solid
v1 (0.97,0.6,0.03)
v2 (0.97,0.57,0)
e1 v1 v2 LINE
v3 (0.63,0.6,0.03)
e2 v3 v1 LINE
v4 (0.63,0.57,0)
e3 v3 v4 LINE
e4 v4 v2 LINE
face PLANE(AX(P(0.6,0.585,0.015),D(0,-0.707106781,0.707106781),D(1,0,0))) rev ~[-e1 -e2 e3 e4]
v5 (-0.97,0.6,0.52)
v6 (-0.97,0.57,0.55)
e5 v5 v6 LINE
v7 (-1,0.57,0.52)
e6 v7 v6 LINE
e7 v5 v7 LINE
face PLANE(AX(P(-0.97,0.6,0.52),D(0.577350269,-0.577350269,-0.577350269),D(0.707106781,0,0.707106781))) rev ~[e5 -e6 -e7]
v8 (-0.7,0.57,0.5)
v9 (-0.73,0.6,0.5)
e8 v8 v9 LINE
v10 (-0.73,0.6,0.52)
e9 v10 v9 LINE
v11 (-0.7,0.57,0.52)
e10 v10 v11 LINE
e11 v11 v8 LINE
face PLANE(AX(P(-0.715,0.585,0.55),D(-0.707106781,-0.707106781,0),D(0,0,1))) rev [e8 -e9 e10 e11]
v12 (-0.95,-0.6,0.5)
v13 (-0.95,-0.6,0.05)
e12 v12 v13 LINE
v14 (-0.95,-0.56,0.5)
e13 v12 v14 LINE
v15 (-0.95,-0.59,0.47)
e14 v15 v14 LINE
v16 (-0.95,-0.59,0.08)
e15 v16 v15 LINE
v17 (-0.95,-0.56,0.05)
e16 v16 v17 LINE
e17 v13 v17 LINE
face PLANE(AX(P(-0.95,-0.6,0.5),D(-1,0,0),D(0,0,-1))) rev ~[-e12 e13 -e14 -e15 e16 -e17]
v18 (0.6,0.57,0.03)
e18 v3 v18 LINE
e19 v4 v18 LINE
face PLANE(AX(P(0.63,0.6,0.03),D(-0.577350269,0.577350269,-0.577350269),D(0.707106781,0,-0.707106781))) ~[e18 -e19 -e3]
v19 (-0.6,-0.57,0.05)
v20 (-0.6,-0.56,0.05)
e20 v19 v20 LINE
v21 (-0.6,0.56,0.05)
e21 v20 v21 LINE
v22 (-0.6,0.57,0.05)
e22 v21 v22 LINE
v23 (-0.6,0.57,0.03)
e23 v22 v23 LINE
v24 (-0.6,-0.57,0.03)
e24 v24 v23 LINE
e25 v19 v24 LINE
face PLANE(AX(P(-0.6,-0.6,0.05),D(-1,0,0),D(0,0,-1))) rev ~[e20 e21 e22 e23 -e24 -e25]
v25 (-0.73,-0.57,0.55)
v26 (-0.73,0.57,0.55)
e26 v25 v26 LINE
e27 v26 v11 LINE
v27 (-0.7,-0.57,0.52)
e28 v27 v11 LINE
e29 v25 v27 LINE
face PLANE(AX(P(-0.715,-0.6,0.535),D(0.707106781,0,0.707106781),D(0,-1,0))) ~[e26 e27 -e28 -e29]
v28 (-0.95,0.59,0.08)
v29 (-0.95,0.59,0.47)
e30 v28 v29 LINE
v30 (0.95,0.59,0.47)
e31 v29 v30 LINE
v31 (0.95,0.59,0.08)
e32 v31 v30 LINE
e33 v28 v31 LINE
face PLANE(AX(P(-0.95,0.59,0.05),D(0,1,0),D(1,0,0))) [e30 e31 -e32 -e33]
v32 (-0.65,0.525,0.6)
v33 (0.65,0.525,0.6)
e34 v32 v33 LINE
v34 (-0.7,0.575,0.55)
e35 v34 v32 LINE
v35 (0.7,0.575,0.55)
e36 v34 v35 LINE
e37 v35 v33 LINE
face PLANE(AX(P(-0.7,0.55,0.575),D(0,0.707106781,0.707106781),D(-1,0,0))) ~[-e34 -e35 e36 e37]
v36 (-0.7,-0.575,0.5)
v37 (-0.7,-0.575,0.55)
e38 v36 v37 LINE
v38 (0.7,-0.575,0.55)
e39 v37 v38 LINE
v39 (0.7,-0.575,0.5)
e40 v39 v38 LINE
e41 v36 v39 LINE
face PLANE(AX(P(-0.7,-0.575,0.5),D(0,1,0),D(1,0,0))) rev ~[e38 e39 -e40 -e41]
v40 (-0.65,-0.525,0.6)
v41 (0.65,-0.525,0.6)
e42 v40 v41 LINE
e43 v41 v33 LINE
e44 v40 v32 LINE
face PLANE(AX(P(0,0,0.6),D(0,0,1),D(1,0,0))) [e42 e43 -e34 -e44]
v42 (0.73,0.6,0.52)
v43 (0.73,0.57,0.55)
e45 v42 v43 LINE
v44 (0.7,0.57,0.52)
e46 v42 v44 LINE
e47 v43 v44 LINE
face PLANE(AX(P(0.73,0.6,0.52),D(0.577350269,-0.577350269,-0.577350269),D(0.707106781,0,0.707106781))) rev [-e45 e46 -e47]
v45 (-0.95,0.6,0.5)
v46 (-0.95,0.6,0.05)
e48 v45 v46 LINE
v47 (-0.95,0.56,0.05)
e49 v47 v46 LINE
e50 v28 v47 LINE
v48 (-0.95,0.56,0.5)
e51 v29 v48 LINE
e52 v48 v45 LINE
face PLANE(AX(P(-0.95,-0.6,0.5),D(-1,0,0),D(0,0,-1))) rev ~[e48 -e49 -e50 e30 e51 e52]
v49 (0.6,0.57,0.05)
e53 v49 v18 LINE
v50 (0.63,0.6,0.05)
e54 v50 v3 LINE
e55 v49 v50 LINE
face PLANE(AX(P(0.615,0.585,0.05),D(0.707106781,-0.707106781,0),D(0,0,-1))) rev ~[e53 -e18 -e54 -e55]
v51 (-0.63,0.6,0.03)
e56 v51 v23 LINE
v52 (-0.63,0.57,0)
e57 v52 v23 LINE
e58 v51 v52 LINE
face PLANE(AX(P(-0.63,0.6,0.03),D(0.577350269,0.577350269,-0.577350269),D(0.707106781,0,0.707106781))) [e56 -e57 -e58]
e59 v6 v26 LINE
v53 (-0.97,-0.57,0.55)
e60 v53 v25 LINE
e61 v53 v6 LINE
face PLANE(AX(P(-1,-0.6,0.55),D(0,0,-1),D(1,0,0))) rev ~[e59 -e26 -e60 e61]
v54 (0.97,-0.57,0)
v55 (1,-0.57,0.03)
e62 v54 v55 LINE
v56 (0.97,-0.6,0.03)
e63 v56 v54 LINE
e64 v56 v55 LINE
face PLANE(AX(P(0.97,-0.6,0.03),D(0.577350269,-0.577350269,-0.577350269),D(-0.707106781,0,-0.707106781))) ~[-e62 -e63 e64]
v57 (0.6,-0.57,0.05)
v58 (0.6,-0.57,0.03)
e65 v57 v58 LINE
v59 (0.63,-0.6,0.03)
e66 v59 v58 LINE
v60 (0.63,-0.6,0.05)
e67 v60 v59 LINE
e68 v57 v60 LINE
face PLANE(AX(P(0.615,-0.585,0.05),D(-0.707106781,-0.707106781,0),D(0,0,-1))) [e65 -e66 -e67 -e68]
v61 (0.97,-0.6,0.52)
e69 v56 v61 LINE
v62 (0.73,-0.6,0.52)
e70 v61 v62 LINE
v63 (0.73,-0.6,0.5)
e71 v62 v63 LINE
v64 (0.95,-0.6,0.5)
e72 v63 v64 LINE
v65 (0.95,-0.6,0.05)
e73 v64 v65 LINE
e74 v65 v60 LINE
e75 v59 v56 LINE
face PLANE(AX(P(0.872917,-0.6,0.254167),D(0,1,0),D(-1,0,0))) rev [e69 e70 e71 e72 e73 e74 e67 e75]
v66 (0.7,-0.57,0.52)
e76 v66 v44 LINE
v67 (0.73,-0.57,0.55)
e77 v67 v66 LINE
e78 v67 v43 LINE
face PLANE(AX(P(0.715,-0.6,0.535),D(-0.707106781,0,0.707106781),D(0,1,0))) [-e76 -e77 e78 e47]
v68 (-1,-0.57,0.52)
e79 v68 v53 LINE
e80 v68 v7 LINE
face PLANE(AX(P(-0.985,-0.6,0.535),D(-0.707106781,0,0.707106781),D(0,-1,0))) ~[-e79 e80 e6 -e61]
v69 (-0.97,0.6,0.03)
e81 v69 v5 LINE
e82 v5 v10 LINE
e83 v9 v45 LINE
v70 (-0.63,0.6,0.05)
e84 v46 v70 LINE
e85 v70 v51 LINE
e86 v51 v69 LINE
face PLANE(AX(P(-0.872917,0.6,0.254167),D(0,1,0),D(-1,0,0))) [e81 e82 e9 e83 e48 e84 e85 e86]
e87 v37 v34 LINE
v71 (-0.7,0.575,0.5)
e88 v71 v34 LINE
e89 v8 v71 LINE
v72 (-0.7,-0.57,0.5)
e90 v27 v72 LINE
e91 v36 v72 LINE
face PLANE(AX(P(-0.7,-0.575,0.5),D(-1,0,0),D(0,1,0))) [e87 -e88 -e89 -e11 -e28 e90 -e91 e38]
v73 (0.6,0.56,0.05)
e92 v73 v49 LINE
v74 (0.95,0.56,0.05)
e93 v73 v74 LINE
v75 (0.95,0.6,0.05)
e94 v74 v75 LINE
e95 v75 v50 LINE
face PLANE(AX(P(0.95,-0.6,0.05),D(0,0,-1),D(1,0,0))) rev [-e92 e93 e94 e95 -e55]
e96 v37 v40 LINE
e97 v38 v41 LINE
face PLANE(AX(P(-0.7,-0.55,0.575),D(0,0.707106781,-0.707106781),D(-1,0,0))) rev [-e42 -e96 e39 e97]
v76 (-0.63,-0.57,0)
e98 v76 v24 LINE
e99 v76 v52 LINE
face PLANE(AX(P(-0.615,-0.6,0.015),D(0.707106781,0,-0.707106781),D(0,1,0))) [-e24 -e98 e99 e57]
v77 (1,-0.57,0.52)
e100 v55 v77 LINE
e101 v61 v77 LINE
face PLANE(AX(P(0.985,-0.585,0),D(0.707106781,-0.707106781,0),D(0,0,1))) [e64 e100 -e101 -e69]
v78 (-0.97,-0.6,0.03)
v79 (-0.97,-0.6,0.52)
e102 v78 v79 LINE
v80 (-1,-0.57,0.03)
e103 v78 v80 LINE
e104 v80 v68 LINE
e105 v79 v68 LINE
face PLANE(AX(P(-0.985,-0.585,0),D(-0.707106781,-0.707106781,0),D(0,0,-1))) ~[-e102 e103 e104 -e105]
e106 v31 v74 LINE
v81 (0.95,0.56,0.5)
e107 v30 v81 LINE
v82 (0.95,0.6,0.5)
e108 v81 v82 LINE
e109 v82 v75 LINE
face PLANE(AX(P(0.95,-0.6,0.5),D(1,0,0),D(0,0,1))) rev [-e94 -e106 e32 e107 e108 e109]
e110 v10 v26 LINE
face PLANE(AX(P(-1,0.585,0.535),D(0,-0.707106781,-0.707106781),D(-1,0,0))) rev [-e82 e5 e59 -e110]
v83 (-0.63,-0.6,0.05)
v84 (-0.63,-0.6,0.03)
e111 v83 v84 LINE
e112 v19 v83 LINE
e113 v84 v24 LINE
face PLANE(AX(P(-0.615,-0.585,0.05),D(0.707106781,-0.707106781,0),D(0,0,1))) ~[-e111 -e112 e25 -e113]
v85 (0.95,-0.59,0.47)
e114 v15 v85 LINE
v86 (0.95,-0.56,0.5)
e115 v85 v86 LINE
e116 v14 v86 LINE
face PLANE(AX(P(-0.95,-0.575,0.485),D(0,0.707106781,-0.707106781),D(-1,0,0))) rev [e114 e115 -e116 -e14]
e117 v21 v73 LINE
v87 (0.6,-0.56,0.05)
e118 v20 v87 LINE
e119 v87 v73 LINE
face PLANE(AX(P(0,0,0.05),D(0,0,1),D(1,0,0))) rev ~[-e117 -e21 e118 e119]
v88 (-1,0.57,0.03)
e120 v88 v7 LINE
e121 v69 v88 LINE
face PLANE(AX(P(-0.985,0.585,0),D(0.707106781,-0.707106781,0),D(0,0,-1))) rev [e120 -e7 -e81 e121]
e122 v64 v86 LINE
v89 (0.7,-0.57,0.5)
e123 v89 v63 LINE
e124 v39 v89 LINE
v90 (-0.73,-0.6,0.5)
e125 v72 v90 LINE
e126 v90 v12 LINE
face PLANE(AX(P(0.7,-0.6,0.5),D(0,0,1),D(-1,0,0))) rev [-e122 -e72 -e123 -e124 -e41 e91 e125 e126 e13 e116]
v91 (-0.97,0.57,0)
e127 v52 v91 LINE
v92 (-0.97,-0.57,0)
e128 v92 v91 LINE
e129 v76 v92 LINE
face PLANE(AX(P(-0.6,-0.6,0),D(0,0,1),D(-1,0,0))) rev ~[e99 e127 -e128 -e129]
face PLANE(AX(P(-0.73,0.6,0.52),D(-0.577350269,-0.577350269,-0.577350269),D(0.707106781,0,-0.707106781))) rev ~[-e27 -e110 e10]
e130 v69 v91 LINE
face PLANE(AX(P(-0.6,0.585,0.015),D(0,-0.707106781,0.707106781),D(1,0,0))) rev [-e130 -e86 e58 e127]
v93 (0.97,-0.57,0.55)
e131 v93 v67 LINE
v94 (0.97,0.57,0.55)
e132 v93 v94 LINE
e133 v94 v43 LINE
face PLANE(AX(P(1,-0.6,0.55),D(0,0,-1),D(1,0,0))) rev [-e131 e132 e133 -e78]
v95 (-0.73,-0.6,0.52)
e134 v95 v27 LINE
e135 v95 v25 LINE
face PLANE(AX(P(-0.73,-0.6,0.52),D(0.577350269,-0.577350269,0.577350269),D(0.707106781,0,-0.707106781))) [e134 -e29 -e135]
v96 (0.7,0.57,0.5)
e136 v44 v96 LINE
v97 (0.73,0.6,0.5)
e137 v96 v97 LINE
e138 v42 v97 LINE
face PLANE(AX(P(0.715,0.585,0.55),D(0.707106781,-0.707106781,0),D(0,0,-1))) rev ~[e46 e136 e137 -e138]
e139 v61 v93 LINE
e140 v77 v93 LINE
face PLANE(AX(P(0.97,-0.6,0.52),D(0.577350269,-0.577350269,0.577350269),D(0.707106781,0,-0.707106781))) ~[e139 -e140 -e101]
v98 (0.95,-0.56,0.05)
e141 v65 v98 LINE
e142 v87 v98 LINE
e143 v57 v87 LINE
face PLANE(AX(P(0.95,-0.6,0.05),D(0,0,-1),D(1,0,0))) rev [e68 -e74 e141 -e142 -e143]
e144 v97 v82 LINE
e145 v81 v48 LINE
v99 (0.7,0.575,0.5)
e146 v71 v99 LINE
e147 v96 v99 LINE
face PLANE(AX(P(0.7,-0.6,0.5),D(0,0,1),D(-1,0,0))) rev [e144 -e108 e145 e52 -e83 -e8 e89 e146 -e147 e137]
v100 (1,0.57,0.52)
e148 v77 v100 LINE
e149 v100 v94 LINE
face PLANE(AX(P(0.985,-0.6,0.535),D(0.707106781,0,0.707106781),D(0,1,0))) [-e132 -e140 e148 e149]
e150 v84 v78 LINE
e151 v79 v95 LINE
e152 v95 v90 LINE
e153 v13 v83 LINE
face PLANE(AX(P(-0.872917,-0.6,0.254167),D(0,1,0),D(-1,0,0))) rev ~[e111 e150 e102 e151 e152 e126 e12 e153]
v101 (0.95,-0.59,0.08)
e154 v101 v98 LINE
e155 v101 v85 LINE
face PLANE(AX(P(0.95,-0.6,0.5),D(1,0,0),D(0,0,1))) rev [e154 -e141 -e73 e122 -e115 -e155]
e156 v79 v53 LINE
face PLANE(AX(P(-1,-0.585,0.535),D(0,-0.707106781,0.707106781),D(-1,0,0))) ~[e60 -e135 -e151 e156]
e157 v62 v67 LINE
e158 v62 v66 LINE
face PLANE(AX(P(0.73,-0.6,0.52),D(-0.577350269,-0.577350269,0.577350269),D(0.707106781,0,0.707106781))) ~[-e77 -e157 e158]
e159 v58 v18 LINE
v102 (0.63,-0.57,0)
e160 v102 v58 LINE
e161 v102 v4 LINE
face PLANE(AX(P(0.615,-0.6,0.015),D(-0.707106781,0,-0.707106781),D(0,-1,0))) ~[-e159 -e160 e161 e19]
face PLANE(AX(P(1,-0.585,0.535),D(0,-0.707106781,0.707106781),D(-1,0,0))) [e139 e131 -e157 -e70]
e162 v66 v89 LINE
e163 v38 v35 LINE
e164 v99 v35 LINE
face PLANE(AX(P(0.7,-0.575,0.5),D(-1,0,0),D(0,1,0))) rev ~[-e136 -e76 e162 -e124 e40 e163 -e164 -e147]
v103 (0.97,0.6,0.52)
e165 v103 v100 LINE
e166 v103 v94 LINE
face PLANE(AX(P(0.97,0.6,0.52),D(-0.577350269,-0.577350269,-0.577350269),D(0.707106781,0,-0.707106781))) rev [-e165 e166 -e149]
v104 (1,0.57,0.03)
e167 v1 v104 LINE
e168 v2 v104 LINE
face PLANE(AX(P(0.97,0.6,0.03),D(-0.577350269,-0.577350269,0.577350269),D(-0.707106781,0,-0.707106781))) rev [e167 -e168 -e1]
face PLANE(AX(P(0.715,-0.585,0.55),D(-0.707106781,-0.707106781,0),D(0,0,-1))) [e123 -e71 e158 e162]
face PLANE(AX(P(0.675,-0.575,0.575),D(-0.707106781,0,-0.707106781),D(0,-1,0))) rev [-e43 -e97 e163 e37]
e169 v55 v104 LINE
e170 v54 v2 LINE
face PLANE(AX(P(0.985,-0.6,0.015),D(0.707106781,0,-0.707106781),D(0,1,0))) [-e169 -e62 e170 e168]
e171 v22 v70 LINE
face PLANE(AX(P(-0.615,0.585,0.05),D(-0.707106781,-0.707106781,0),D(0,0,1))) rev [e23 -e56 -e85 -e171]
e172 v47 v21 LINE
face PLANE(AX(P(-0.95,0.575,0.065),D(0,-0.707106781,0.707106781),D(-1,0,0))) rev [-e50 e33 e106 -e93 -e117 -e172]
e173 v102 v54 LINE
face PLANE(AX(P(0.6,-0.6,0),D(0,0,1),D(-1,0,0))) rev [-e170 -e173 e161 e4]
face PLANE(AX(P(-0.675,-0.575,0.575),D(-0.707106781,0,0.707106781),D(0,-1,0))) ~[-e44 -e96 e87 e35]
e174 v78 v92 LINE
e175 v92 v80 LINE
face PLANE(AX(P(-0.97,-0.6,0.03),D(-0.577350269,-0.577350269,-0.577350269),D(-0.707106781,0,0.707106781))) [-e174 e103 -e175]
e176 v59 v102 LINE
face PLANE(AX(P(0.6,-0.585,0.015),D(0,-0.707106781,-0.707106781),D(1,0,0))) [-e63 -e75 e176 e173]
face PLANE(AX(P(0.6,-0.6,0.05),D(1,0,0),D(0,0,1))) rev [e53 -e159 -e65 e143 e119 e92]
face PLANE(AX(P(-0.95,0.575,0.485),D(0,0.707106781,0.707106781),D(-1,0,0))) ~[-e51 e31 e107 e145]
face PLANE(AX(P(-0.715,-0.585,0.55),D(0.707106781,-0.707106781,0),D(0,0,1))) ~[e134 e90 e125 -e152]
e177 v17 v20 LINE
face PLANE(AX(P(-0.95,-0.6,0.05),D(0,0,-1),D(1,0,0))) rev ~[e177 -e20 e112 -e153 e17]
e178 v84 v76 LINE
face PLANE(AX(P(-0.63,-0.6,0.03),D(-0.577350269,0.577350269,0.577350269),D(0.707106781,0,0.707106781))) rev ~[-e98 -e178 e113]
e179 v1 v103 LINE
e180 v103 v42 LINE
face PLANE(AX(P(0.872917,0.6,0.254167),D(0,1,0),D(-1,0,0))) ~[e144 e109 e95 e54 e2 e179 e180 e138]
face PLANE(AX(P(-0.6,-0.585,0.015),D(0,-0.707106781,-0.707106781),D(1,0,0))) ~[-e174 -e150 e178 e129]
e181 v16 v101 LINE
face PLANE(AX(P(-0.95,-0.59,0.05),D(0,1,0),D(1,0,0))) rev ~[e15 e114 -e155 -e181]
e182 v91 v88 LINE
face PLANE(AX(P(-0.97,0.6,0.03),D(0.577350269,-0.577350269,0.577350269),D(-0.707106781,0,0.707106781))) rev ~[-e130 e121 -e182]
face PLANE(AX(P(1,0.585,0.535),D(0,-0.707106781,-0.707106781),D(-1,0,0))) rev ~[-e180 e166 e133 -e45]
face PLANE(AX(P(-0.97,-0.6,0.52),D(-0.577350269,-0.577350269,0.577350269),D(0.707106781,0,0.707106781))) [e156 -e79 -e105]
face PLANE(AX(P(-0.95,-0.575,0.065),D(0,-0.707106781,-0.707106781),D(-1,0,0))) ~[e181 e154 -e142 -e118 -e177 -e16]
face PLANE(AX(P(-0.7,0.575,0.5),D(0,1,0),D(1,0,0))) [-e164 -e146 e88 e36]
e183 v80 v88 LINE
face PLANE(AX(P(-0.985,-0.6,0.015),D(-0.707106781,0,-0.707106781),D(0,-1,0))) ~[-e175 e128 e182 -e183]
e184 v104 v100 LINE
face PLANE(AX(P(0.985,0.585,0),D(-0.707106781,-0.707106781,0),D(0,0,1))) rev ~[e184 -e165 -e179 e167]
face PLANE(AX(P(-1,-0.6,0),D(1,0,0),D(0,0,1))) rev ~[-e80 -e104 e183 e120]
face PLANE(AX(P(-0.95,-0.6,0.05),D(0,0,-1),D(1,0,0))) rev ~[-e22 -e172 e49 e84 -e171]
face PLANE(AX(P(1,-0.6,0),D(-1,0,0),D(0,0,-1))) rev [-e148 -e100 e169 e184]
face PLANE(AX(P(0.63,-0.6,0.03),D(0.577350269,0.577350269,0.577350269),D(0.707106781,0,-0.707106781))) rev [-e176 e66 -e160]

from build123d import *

# Parameters (mm, degrees)
BOX_W                          = 1.9
BOX_H                          = 1.18
BOX_DEPTH                      = 0.45
CHAMFER_SIZE                   = 0.03
EXTRUDE_DEPTH                  = 1.2
EXTRUDE_ONTO_SKETCH_ROLL_ANGLE = 90
CHAMFER001_SIZE                = 0.03
BOX001_W                       = 1.4
BOX001_H                       = 1.15
BOX001_DEPTH                   = 0.1
CHAMFER002_SIZE                = 0.05


with BuildPart() as chamferbody:
    # Box → Box (new body)
    with BuildSketch(Plane(origin=(-0.95, 0.01, 0.05), x_dir=(1, 0, 0), z_dir=(0, 0, 1))):
        with Locations((0.95, 0.59)):
            Rectangle(BOX_W, BOX_H)
    extrude(amount=BOX_DEPTH)

    # Chamfer
    chamfer_edges = [chamferbody.edges().sort_by_distance(p)[0] for p in [
        (0, 0.01, 0.05),
        (0, 0.01, 0.5),
        (0, 1.19, 0.05),
        (0, 1.19, 0.5),
    ]]
    chamfer(chamfer_edges, length=CHAMFER_SIZE)


with BuildPart() as chamferpads:
    # Sketch as drawn → Extrude (new)
    with BuildSketch(Plane.XY):
        Polygon((-0.6, 0), (-1, 0), (-1, 0.55), (-0.7, 0.55), (-0.7, 0.5), (-0.95, 0.5), (-0.95, 0.05), (-0.6, 0.05), align=None)
    extrude(amount=-EXTRUDE_DEPTH)


with BuildPart() as chamferpads_1:
    # Extrude onto Sketch roll: moved
    add(chamferpads.part.rotate(Axis((0, 0, 0), (1, 0, 0)), EXTRUDE_ONTO_SKETCH_ROLL_ANGLE))


with BuildPart() as chamferpads_2:
    # Extrude onto Sketch placement: moved
    add(chamferpads_1.part)

    # Chamfer001
    chamfer001_edges = [chamferpads_2.edges().sort_by_distance(p)[0] for p in [
        (-0.6, 0.6, 0),
        (-1, 0.6, 0),
        (-0.8, 0, 0),
        (-0.8, 1.2, 0),
        (-1, 0.6, 0.55),
        (-1, 0, 0.275),
        (-1, 1.2, 0.275),
        (-0.7, 0.6, 0.55),
        (-0.85, 0, 0.55),
        (-0.85, 1.2, 0.55),
        (-0.7, 0, 0.525),
        (-0.7, 1.2, 0.525),
        (-0.6, 0, 0.025),
        (-0.6, 1.2, 0.025),
    ]]
    chamfer(chamfer001_edges, length=CHAMFER001_SIZE)


with BuildPart() as part_mirroring:
    # Part__Mirroring: instance of ChamferPads
    add(chamferpads_2.part.mirror(Plane(origin=(0, 0, 0), x_dir=(0, -1, 0), z_dir=(1, 0, 0))))


with BuildPart() as fusion:
    # Fusion base: copy of ChamferPads
    add(chamferpads_2.part)

    # Fusion: union Part__Mirroring
    add(part_mirroring.part)


with BuildPart() as fusion001:
    # Box001 → Box001 (new body)
    with BuildSketch(Plane(origin=(-0.7, 0.025, 0.5), x_dir=(1, 0, 0), z_dir=(0, 0, 1))):
        with Locations((0.7, 0.575)):
            Rectangle(BOX001_W, BOX001_H)
    extrude(amount=BOX001_DEPTH)

    # Chamfer002
    chamfer002_edges = [fusion001.edges().sort_by_distance(p)[0] for p in [
        (-0.7, 0.6, 0.6),
        (0.7, 0.6, 0.6),
        (0, 0.025, 0.6),
        (0, 1.175, 0.6),
    ]]
    chamfer(chamfer002_edges, length=CHAMFER002_SIZE)

    # Fusion001: union ChamferBody, Fusion
    add(chamferbody.part)
    add(fusion.part)


with BuildPart() as fusion001_1:
    # Fusion001 placement: moved
    add(fusion001.part.moved(Location((0, -0.6, 0))))


solid = fusion001_1.part
